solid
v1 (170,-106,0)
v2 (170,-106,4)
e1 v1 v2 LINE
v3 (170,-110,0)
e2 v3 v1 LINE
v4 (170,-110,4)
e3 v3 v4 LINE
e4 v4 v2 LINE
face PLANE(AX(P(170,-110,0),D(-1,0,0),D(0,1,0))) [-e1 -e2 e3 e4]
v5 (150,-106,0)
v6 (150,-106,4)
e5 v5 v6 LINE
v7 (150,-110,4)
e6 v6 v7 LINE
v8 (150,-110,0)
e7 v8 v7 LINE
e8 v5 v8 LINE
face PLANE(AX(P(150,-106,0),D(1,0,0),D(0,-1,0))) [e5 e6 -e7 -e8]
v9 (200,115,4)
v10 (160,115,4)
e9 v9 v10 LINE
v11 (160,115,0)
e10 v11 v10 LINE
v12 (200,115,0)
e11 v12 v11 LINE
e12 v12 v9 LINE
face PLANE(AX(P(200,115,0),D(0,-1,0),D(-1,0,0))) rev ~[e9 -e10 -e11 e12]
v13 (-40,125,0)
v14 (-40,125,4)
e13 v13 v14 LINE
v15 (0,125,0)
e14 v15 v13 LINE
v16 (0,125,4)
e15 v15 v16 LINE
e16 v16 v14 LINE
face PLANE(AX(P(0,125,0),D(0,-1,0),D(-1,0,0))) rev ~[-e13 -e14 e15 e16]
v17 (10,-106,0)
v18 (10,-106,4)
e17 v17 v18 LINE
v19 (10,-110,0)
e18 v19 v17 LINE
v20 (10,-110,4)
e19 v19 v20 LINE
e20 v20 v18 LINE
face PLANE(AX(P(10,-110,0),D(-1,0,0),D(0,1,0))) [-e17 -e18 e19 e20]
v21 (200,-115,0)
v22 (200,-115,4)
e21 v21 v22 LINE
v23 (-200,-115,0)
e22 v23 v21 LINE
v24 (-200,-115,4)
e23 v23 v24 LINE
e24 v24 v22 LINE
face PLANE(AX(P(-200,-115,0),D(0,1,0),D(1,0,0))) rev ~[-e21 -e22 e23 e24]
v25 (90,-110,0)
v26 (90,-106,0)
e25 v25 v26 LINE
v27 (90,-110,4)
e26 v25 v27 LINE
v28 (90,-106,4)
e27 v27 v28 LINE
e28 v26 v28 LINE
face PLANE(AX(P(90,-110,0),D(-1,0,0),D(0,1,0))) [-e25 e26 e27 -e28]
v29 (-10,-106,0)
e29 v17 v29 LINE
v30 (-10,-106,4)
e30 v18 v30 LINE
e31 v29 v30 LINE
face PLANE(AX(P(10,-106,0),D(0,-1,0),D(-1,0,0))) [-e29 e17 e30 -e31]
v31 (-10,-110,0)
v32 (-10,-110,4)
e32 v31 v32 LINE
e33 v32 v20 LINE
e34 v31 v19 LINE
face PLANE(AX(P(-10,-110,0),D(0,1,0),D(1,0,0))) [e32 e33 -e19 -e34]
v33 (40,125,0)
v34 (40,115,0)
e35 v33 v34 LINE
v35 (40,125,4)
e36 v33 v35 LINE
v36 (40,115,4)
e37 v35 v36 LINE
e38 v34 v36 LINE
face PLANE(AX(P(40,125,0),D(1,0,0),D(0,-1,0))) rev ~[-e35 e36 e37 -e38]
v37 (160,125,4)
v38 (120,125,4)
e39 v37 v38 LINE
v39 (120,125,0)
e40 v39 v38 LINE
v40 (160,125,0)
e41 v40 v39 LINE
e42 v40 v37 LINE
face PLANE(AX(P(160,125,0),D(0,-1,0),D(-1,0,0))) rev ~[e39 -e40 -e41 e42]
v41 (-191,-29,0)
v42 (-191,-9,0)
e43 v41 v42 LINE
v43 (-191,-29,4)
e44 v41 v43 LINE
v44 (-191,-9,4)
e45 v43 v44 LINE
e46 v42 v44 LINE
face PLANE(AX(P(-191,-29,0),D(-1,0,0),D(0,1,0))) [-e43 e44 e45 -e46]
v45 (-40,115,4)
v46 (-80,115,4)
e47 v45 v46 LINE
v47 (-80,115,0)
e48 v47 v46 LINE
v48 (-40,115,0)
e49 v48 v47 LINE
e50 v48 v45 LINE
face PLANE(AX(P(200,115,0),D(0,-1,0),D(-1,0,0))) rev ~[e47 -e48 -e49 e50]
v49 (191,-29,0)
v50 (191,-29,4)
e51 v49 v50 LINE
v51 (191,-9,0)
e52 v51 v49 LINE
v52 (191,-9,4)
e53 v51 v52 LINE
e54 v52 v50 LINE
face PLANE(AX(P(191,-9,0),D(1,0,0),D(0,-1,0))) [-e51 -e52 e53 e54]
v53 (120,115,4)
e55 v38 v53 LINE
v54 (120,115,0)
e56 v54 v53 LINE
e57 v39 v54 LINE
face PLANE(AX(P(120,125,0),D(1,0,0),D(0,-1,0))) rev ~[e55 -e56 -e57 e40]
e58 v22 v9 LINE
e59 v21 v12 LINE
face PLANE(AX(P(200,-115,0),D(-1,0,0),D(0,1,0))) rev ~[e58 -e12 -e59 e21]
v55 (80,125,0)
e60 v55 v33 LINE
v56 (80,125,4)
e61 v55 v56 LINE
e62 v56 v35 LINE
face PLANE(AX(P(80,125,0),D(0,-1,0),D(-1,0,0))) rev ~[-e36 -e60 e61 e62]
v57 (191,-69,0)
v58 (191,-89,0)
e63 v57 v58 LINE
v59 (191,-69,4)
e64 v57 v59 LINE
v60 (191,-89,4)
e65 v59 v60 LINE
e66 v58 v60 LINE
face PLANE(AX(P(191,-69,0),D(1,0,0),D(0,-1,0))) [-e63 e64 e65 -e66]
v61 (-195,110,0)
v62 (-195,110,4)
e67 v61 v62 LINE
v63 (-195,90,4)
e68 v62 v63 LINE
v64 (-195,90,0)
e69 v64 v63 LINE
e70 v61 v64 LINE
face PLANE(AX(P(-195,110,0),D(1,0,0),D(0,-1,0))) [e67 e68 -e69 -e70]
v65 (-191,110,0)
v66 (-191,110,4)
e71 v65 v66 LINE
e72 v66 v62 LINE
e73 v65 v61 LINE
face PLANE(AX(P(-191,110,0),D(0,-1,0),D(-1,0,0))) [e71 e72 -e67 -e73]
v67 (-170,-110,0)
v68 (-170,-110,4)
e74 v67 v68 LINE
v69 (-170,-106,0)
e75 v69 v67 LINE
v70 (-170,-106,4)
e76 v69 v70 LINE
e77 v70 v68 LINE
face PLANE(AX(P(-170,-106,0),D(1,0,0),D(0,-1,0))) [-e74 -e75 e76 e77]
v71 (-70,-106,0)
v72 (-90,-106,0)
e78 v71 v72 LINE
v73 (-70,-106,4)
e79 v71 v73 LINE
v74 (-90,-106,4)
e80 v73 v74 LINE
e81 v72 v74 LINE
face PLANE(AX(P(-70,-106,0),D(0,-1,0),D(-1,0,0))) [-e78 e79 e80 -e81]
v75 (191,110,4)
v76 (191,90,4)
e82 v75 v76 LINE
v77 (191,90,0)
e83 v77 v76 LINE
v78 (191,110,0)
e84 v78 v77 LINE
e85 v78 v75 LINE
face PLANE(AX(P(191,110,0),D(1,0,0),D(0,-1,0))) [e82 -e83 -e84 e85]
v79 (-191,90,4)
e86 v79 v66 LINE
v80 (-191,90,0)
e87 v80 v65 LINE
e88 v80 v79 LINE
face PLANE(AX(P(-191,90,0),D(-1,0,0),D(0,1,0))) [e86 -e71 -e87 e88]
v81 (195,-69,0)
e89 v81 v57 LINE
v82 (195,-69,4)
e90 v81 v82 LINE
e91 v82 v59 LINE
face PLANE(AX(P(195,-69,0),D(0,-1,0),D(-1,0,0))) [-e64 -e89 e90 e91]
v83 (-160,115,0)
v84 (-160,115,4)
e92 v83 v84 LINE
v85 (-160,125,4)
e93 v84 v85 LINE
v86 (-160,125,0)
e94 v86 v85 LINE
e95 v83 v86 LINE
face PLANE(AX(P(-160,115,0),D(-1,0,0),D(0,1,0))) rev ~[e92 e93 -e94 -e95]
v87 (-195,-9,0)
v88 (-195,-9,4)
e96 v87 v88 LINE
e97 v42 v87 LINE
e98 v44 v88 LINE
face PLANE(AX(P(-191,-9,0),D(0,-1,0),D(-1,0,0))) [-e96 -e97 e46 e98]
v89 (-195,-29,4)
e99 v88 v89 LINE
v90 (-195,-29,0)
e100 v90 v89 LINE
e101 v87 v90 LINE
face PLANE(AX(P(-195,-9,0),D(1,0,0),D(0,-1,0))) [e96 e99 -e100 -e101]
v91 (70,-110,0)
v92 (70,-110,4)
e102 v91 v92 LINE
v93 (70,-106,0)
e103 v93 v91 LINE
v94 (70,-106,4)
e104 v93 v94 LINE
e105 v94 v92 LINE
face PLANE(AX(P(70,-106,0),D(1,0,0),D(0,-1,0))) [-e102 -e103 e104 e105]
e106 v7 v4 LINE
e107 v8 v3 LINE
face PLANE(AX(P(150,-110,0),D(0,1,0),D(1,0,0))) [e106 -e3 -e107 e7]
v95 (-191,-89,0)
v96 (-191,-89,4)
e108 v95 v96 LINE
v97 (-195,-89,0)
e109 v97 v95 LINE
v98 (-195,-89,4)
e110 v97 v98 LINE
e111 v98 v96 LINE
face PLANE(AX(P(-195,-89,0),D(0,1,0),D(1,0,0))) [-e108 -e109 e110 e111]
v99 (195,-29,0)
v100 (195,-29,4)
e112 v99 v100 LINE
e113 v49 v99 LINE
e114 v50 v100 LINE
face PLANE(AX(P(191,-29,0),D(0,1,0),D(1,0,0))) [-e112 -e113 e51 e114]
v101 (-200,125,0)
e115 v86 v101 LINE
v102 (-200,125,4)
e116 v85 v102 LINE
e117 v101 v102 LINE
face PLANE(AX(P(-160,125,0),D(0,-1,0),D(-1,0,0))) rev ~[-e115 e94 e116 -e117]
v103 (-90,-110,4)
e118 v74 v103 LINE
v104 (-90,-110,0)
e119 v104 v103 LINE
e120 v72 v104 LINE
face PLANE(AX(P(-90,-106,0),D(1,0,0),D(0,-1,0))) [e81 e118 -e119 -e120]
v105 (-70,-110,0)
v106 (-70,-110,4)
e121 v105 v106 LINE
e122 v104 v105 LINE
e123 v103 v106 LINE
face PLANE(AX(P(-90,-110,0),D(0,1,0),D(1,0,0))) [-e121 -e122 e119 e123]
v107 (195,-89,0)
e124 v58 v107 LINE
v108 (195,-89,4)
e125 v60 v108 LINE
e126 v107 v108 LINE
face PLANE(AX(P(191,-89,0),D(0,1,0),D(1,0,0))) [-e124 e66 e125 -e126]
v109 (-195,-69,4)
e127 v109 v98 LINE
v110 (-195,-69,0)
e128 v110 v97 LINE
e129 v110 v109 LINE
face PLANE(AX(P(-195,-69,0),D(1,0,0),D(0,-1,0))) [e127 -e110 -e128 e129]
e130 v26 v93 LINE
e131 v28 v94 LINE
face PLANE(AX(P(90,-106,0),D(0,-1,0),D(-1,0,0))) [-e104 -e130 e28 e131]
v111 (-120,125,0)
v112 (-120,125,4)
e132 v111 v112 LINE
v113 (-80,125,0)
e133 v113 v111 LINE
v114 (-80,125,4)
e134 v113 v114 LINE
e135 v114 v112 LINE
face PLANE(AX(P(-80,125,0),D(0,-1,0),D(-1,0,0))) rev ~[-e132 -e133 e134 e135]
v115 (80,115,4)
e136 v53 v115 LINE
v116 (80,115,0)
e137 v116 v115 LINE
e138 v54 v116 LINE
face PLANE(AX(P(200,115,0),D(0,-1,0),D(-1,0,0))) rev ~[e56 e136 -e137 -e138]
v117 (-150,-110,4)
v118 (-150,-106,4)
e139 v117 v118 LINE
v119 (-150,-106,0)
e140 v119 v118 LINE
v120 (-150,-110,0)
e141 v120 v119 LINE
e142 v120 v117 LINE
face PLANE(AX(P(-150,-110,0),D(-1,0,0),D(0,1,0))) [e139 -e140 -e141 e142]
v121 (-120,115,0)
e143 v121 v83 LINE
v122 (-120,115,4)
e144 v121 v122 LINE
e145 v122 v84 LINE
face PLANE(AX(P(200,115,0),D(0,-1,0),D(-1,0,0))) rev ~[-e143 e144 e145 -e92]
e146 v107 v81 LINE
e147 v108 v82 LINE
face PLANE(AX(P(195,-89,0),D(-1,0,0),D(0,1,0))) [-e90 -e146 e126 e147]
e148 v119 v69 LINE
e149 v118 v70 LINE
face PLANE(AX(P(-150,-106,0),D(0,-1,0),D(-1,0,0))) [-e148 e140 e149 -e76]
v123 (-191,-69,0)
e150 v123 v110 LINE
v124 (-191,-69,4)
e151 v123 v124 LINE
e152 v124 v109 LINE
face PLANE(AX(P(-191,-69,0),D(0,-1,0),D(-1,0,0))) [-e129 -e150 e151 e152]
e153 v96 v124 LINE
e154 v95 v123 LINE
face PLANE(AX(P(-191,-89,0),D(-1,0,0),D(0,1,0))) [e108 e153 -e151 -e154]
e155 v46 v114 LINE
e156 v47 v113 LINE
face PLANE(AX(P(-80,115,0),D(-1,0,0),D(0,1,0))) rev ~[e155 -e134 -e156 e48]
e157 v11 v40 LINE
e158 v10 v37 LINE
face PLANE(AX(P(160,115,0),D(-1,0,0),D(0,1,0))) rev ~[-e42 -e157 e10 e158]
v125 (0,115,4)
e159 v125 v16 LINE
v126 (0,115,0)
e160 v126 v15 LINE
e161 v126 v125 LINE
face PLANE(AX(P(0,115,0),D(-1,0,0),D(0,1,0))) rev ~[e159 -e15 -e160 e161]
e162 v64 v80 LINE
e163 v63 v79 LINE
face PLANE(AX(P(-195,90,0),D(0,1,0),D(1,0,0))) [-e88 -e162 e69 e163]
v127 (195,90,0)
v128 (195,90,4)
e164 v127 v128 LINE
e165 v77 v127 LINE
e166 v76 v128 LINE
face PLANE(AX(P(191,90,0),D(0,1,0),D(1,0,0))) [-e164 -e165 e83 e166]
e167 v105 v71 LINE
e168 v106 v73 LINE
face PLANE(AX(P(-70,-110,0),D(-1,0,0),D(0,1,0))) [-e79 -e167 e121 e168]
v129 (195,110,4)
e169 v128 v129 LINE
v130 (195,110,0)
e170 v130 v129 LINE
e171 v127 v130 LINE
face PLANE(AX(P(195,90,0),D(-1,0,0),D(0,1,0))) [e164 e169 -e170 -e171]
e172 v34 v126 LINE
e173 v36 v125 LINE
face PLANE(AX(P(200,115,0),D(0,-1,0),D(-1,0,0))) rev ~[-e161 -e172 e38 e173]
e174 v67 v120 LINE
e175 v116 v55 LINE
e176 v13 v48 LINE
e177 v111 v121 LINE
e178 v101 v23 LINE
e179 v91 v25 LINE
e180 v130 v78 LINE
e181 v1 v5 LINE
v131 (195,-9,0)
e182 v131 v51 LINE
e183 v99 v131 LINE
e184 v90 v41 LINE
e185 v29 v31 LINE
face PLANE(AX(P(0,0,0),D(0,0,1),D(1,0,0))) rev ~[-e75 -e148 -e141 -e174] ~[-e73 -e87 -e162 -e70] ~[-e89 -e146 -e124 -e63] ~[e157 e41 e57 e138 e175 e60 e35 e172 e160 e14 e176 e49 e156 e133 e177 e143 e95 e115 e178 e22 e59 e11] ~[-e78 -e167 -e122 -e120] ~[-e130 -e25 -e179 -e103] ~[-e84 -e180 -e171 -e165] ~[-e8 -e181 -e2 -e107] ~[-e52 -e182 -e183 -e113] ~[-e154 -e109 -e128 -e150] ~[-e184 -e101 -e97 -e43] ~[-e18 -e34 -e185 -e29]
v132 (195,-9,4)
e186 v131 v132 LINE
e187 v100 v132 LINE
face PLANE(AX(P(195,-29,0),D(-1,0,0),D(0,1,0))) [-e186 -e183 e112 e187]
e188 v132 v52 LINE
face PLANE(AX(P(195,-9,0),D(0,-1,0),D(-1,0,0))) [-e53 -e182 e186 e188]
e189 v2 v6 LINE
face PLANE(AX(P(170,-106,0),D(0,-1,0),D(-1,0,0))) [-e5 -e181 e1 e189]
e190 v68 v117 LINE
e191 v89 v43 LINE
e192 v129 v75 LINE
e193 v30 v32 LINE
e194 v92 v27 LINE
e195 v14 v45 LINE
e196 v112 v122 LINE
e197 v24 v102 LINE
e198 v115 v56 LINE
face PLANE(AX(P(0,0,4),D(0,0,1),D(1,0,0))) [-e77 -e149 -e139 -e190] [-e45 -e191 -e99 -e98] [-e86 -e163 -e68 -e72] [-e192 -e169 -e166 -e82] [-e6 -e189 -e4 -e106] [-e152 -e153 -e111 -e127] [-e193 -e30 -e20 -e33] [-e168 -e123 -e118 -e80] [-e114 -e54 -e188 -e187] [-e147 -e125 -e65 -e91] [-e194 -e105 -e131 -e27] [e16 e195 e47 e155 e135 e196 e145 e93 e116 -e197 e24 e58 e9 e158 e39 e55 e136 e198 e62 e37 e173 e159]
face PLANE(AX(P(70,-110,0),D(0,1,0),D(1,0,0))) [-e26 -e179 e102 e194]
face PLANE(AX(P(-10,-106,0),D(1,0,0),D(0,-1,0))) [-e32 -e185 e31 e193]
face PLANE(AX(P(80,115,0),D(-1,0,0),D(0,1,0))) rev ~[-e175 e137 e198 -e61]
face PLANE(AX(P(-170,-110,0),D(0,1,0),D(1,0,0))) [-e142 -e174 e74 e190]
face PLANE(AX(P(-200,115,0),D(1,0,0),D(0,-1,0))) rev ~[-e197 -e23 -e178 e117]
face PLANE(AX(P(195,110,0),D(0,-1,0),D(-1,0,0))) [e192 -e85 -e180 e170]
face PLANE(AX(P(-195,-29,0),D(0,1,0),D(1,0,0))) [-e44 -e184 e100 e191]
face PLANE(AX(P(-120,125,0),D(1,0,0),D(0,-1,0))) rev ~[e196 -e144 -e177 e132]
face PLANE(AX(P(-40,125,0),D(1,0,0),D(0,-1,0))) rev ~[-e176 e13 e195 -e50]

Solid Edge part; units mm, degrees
sketch "Sketch1" plane through (0, 0, 0) normal (0, 0, 1) x (1, 0, 0)
  line L0 (-200, -115) -> (200, -115)
  line L1 (200, -115) -> (200, 115)
  line L2 (200, 115) -> (-200, 115)
  line L3 (-200, 115) -> (-200, -115)
  line L4 (-160, 115) -> (-160, 125)
  line L5 (-160, 125) -> (-200, 125)
  line L6 (-200, 125) -> (-200, 115)
  line L7 (-200, 115) -> (-160, 115)
  line L8 (-120, 115) -> (-80, 115)
  line L9 (-80, 115) -> (-80, 125)
  line L10 (-80, 125) -> (-120, 125)
  line L11 (-120, 125) -> (-120, 115)
  line L12 (-40, 115) -> (0, 115)
  line L13 (0, 115) -> (0, 125)
  line L14 (0, 125) -> (-40, 125)
  line L15 (-40, 125) -> (-40, 115)
  line L16 (40, 115) -> (80, 115)
  line L17 (80, 115) -> (80, 125)
  line L18 (80, 125) -> (40, 125)
  line L19 (40, 125) -> (40, 115)
  line L20 (120, 115) -> (160, 115)
  line L21 (160, 115) -> (160, 125)
  line L22 (160, 125) -> (120, 125)
  line L23 (120, 125) -> (120, 115)
  line L24 (-150, -106) -> (-170, -106)
  line L25 (-170, -106) -> (-170, -110)
  line L26 (-170, -110) -> (-150, -110)
  line L27 (-150, -110) -> (-150, -106)
  line L28 (-90, -110) -> (-70, -110)
  line L29 (-70, -110) -> (-70, -106)
  line L30 (-70, -106) -> (-90, -106)
  line L31 (-90, -106) -> (-90, -110)
  line L32 (-10, -110) -> (10, -110)
  line L33 (10, -110) -> (10, -106)
  line L34 (10, -106) -> (-10, -106)
  line L35 (-10, -106) -> (-10, -110)
  line L36 (70, -110) -> (90, -110)
  line L37 (90, -110) -> (90, -106)
  line L38 (90, -106) -> (70, -106)
  line L39 (70, -106) -> (70, -110)
  line L40 (150, -110) -> (170, -110)
  line L41 (170, -110) -> (170, -106)
  line L42 (170, -106) -> (150, -106)
  line L43 (150, -106) -> (150, -110)
  line L44 (-191, -89) -> (-191, -69)
  line L45 (-191, -69) -> (-195, -69)
  line L46 (-195, -69) -> (-195, -89)
  line L47 (-195, -89) -> (-191, -89)
  line L48 (-191, -29) -> (-191, -9)
  line L49 (-191, -9) -> (-195, -9)
  line L50 (-195, -9) -> (-195, -29)
  line L51 (-195, -29) -> (-191, -29)
  line L52 (-191, 90) -> (-191, 110)
  line L53 (-191, 110) -> (-195, 110)
  line L54 (-195, 110) -> (-195, 90)
  line L55 (-195, 90) -> (-191, 90)
  line L56 (191, -69) -> (191, -89)
  line L57 (191, -89) -> (195, -89)
  line L58 (195, -89) -> (195, -69)
  line L59 (195, -69) -> (191, -69)
  line L60 (195, -29) -> (195, -9)
  line L61 (195, -9) -> (191, -9)
  line L62 (191, -9) -> (191, -29)
  line L63 (191, -29) -> (195, -29)
  line L64 (191, 110) -> (191, 90)
  line L65 (191, 90) -> (195, 90)
  line L66 (195, 90) -> (195, 110)
  line L67 (195, 110) -> (191, 110)
  dimension "D1" = 20
  dimension "D2" = 20
  dimension "D3" = 20
  dimension "D4" = 4
  dimension "D5" = 4
  dimension "D6" = 20
  dimension "D7" = 20
  dimension "D8" = 4
  dimension "D9" = 4
  dimension "D10" = 4
  dimension "D11" = 30
  dimension "D12" = 60
  dimension "D13" = 60
  dimension "D14" = 30
  dimension "D15" = 60
  dimension "D16" = 60
  dimension "D17" = 5
  dimension "D18" = 5
  dimension "D19" = 5
  dimension "D20" = 5
  dimension "D21" = 5
  dimension "D22" = 40
  dimension "D23" = 10
  dimension "D24" = 40
  dimension "D25" = 40
  dimension "D26" = 10
  dimension "D27" = 40
  dimension "D28" = 40
  dimension "D29" = 10
  dimension "D30" = 40
  dimension "D31" = 40
  dimension "D32" = 10
  dimension "D33" = 40
  dimension "D34" = 40
  dimension "D35" = 10
  dimension "D36" = 40
  dimension "D37" = 230
  dimension "D38" = 20
  dimension "D39" = 4
  dimension "D40" = 5
  dimension "D41" = 20
  dimension "D42" = 99
  dimension "D43" = 5
  dimension "D44" = 4
  dimension "D45" = 20
  dimension "D46" = 4
  dimension "D47" = 40
  dimension "D48" = 5
  dimension "D49" = 20
  dimension "D50" = 5
  dimension "D51" = 4
  dimension "D52" = 99
  dimension "D53" = 20
  dimension "D54" = 4
  dimension "D55" = 5
  dimension "D56" = 5
  dimension "D57" = 20
  dimension "D58" = 4
  dimension "D59" = 40
  dimension "D60" = 5
  dimension "D61" = 5
extrude "Protrusion1" add sketch "Sketch1" along normal blind 4
